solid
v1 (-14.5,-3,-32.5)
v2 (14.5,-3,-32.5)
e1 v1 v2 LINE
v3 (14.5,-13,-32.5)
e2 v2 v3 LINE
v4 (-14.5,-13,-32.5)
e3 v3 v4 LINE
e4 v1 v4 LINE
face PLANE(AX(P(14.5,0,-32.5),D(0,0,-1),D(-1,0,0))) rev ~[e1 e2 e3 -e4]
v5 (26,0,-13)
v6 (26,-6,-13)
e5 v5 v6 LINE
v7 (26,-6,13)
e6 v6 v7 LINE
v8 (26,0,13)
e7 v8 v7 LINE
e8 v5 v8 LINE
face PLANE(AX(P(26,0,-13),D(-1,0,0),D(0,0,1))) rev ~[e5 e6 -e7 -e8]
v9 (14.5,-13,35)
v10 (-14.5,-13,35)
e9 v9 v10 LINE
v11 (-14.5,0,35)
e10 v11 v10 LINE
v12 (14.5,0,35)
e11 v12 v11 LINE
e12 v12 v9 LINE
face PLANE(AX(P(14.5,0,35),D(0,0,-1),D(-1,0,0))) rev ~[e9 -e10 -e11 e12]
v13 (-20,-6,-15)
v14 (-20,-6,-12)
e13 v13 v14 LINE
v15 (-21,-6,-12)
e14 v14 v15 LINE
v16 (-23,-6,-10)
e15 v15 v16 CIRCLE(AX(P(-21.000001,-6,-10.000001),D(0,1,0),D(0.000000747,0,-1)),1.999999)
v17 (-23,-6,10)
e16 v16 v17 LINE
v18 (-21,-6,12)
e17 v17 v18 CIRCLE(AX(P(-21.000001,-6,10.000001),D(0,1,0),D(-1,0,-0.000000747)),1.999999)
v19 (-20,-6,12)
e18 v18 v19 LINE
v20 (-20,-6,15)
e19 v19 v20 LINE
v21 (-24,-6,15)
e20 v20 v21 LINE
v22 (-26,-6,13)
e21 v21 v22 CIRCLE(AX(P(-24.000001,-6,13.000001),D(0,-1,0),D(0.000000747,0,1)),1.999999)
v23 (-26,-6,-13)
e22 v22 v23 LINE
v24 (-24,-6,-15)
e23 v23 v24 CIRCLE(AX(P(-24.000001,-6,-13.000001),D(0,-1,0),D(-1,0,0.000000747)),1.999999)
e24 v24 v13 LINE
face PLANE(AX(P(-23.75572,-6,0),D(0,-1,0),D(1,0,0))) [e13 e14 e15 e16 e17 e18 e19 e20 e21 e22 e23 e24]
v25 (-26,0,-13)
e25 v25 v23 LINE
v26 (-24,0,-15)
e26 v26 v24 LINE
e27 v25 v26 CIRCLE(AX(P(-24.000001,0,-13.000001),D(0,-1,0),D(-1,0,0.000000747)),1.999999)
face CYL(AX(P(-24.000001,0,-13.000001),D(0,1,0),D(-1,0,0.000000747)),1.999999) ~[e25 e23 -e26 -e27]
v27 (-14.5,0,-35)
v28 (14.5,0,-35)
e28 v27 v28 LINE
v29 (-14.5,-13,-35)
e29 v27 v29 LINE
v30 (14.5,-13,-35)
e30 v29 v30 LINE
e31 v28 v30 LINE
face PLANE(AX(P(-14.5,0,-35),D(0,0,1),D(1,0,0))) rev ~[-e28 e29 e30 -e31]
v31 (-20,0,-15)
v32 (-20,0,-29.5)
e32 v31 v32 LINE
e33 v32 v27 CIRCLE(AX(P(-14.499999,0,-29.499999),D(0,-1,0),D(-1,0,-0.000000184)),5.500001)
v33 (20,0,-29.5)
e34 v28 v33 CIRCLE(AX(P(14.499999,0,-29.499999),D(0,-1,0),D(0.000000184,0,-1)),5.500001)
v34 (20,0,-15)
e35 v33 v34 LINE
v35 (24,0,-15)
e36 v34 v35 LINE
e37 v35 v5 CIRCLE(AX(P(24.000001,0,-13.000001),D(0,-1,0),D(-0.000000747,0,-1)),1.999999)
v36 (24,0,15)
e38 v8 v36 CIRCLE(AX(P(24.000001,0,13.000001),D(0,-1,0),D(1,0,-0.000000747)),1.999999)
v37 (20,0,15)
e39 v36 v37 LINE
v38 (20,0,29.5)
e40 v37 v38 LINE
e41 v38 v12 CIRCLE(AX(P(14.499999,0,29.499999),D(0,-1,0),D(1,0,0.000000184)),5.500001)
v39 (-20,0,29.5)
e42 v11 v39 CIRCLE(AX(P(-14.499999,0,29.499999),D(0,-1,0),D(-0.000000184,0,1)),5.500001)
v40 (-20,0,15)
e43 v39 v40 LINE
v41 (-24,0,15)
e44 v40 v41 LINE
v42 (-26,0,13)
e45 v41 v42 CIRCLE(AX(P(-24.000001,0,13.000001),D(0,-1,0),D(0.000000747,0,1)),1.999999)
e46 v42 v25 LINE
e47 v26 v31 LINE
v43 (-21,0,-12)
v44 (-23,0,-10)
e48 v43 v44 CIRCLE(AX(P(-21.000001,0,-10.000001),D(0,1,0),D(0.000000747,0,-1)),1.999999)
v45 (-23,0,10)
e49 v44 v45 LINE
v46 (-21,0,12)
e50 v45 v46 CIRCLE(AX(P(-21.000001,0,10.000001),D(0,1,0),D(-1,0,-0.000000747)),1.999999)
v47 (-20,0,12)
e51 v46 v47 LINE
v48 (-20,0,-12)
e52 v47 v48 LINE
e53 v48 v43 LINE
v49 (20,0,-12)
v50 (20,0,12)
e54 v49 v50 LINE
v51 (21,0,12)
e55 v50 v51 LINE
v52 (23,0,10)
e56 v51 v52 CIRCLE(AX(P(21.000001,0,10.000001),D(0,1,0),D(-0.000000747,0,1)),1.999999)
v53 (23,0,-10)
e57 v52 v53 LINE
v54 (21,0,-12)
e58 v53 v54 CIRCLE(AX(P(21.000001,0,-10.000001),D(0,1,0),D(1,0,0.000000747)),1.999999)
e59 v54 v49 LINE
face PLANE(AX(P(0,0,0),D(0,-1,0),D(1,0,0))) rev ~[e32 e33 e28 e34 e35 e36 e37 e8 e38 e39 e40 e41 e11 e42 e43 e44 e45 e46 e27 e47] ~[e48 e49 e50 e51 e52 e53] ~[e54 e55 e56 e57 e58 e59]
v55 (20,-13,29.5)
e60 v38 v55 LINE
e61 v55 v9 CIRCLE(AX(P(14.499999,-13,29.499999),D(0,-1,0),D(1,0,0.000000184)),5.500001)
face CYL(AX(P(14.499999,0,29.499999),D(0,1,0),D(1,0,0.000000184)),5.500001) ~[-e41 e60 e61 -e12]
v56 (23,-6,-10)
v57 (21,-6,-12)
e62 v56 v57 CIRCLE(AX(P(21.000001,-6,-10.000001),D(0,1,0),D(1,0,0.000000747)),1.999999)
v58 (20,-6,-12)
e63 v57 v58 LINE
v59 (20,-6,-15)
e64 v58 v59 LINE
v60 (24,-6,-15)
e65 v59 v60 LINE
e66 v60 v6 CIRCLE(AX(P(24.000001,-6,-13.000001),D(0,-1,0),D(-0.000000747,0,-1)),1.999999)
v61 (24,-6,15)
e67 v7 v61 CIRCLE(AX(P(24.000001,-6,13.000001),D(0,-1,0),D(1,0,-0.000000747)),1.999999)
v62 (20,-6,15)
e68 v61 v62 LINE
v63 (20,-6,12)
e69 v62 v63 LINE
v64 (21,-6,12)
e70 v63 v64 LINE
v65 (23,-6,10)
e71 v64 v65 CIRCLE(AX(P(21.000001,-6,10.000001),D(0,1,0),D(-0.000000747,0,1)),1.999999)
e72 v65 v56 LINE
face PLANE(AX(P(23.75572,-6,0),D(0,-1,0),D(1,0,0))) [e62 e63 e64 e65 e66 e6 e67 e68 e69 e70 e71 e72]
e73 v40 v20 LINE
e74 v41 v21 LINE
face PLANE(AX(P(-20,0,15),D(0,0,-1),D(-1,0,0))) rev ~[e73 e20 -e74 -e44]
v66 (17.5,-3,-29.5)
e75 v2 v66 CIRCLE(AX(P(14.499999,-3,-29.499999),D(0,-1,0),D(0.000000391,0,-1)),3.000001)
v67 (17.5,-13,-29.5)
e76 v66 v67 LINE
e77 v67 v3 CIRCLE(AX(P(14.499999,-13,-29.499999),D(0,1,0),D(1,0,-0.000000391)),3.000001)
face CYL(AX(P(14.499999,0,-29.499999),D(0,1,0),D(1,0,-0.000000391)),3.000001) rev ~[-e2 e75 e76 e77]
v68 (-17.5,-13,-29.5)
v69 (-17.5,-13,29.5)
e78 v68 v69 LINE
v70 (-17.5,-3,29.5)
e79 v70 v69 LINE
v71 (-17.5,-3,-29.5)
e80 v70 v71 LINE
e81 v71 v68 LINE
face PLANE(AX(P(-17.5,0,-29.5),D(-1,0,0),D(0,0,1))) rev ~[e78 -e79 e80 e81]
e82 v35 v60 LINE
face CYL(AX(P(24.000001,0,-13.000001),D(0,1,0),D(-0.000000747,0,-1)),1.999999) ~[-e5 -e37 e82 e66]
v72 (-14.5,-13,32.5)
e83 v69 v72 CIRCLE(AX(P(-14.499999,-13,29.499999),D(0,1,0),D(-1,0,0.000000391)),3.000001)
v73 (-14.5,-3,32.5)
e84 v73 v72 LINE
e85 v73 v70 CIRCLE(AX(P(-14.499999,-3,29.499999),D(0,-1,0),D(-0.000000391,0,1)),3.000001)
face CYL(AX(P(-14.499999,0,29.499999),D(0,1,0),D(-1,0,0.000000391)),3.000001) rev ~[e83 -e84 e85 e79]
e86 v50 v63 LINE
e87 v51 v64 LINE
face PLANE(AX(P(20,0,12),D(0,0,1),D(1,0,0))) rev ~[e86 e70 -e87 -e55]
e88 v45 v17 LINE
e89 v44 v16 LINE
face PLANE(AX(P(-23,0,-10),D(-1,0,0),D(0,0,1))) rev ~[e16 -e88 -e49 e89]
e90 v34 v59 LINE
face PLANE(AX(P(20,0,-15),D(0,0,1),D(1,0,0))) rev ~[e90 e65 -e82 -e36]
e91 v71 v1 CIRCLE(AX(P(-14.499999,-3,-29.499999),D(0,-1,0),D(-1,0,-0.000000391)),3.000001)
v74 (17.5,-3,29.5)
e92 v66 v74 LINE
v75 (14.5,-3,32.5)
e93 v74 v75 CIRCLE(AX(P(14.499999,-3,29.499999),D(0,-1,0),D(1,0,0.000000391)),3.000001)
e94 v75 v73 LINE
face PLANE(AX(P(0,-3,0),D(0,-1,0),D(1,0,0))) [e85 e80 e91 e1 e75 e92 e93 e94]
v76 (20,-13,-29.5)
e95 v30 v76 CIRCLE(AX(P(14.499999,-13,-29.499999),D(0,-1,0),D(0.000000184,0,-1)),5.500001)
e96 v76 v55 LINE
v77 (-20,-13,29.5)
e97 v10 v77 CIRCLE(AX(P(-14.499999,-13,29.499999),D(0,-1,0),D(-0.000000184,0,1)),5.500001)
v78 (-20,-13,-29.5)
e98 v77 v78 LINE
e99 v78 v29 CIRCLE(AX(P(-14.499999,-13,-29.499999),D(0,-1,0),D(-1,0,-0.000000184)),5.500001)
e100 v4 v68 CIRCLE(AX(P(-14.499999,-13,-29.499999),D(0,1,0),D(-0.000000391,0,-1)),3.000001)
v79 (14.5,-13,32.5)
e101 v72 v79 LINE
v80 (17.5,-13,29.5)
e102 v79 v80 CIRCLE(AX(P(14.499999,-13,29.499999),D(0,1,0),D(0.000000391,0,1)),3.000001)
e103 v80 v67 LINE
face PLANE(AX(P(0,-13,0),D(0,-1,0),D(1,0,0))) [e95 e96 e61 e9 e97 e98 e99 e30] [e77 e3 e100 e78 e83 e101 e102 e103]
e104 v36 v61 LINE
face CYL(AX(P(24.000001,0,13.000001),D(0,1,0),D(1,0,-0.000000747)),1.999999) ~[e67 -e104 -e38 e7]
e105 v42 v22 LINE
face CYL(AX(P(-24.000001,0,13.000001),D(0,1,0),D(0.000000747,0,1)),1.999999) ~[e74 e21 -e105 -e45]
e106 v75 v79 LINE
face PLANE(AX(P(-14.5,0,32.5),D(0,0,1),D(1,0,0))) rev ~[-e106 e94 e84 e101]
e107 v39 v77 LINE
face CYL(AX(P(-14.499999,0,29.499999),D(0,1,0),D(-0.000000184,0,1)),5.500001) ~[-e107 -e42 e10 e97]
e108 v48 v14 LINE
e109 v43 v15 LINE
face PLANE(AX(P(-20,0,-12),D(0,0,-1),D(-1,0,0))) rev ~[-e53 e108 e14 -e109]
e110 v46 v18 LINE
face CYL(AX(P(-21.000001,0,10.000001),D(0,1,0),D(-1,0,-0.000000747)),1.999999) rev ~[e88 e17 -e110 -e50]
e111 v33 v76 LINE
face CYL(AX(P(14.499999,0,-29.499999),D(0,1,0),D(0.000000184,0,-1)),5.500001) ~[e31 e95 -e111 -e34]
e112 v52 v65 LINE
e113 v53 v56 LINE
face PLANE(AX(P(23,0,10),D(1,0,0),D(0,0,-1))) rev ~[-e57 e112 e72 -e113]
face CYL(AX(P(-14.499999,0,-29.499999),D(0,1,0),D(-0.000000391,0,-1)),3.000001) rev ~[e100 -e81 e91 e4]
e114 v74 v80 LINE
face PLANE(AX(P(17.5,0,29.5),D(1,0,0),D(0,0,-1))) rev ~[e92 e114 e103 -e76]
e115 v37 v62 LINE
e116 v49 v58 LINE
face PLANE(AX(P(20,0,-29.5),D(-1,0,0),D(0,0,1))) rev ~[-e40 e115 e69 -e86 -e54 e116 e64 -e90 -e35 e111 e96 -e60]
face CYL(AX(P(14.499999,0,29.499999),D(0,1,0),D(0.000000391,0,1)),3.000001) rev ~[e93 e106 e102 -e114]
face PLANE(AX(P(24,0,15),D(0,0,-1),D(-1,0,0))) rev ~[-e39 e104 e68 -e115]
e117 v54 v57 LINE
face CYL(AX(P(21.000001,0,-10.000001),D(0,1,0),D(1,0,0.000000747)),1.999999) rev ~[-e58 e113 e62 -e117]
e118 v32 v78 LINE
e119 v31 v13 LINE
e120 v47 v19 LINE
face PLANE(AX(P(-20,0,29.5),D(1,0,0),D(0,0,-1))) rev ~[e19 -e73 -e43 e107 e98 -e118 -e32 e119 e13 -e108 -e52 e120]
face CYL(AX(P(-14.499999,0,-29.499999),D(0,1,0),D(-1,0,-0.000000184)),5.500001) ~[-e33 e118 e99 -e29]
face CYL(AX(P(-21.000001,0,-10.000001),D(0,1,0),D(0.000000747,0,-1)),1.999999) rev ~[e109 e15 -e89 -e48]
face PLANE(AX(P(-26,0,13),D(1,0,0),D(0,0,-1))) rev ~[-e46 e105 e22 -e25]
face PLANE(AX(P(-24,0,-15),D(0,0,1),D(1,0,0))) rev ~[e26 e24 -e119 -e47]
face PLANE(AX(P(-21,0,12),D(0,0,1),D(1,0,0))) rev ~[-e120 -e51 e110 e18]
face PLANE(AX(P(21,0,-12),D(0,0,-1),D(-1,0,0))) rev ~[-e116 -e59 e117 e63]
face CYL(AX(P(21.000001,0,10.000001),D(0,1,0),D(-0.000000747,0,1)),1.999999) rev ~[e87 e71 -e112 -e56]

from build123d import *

# Parameters (mm, degrees)
F1_DEPTH = 3
F2_DEPTH = 13
F3_DEPTH = 6


with BuildPart() as f1:
    # F0 (on Front) → F1 (new body)
    with BuildSketch(Plane.XZ):
        with BuildLine():
            Line((-14.5, -32.5), (14.5, -32.5))
            ThreePointArc((14.5, -32.5), (16.62132, -31.62132), (17.5, -29.5))
            Line((17.5, -29.5), (17.5, 29.5))
            ThreePointArc((17.5, 29.5), (16.62132, 31.62132), (14.5, 32.5))
            Line((14.5, 32.5), (-14.5, 32.5))
            ThreePointArc((-14.5, 32.5), (-16.62132, 31.62132), (-17.5, 29.5))
            Line((-17.5, 29.5), (-17.5, -29.5))
            ThreePointArc((-17.5, -29.5), (-16.62132, -31.62132), (-14.5, -32.5))
        make_face()
    extrude(amount=F1_DEPTH)

    # F0 (on Front) → F2 (join)
    with BuildSketch(Plane.XZ):
        with BuildLine():
            Line((14.5, 35), (-14.5, 35))
            ThreePointArc((-14.5, 35), (-18.389087, 33.389087), (-20, 29.5))
            Line((-20, 29.5), (-20, 15))
            Line((-20, 15), (-20, 12))
            Line((-20, 12), (-20, -12))
            Line((-20, -12), (-20, -15))
            Line((-20, -15), (-20, -29.5))
            ThreePointArc((-20, -29.5), (-18.389087, -33.389087), (-14.5, -35))
            Line((-14.5, -35), (14.5, -35))
            ThreePointArc((14.5, -35), (18.389087, -33.389087), (20, -29.5))
            Line((20, -29.5), (20, -15))
            Line((20, -15), (20, -12))
            Line((20, -12), (20, 12))
            Line((20, 12), (20, 15))
            Line((20, 15), (20, 29.5))
            ThreePointArc((20, 29.5), (18.389087, 33.389087), (14.5, 35))
        make_face()
        with BuildLine():
            ThreePointArc((17.5, -29.5), (16.62132, -31.62132), (14.5, -32.5))
            Line((14.5, -32.5), (-14.5, -32.5))
            ThreePointArc((-14.5, -32.5), (-16.62132, -31.62132), (-17.5, -29.5))
            Line((-17.5, -29.5), (-17.5, 29.5))
            ThreePointArc((-17.5, 29.5), (-16.62132, 31.62132), (-14.5, 32.5))
            Line((-14.5, 32.5), (14.5, 32.5))
            ThreePointArc((14.5, 32.5), (16.62132, 31.62132), (17.5, 29.5))
            Line((17.5, 29.5), (17.5, -29.5))
        make_face(mode=Mode.SUBTRACT)
    extrude(amount=F2_DEPTH)

    # F0 (on Front) → F3 (join)
    with BuildSketch(Plane.XZ):
        with BuildLine():
            Line((-20, 12), (-20, 15))
            Line((-20, 15), (-24, 15))
            ThreePointArc((-24, 15), (-25.414214, 14.414214), (-26, 13))
            Line((-26, 13), (-26, -13))
            ThreePointArc((-26, -13), (-25.414214, -14.414214), (-24, -15))
            Line((-24, -15), (-20, -15))
            Line((-20, -15), (-20, -12))
            Line((-20, -12), (-21, -12))
            ThreePointArc((-21, -12), (-22.414214, -11.414214), (-23, -10))
            Line((-23, -10), (-23, 10))
            ThreePointArc((-23, 10), (-22.414214, 11.414214), (-21, 12))
            Line((-21, 12), (-20, 12))
        make_face()
        with BuildLine():
            Line((24, 15), (20, 15))
            Line((20, 15), (20, 12))
            Line((20, 12), (21, 12))
            ThreePointArc((21, 12), (22.414214, 11.414214), (23, 10))
            Line((23, 10), (23, -10))
            ThreePointArc((23, -10), (22.414214, -11.414214), (21, -12))
            Line((21, -12), (20, -12))
            Line((20, -12), (20, -15))
            Line((20, -15), (24, -15))
            ThreePointArc((24, -15), (25.414214, -14.414214), (26, -13))
            Line((26, -13), (26, 13))
            ThreePointArc((26, 13), (25.414214, 14.414214), (24, 15))
        make_face()
    extrude(amount=F3_DEPTH)


solid = f1.part
